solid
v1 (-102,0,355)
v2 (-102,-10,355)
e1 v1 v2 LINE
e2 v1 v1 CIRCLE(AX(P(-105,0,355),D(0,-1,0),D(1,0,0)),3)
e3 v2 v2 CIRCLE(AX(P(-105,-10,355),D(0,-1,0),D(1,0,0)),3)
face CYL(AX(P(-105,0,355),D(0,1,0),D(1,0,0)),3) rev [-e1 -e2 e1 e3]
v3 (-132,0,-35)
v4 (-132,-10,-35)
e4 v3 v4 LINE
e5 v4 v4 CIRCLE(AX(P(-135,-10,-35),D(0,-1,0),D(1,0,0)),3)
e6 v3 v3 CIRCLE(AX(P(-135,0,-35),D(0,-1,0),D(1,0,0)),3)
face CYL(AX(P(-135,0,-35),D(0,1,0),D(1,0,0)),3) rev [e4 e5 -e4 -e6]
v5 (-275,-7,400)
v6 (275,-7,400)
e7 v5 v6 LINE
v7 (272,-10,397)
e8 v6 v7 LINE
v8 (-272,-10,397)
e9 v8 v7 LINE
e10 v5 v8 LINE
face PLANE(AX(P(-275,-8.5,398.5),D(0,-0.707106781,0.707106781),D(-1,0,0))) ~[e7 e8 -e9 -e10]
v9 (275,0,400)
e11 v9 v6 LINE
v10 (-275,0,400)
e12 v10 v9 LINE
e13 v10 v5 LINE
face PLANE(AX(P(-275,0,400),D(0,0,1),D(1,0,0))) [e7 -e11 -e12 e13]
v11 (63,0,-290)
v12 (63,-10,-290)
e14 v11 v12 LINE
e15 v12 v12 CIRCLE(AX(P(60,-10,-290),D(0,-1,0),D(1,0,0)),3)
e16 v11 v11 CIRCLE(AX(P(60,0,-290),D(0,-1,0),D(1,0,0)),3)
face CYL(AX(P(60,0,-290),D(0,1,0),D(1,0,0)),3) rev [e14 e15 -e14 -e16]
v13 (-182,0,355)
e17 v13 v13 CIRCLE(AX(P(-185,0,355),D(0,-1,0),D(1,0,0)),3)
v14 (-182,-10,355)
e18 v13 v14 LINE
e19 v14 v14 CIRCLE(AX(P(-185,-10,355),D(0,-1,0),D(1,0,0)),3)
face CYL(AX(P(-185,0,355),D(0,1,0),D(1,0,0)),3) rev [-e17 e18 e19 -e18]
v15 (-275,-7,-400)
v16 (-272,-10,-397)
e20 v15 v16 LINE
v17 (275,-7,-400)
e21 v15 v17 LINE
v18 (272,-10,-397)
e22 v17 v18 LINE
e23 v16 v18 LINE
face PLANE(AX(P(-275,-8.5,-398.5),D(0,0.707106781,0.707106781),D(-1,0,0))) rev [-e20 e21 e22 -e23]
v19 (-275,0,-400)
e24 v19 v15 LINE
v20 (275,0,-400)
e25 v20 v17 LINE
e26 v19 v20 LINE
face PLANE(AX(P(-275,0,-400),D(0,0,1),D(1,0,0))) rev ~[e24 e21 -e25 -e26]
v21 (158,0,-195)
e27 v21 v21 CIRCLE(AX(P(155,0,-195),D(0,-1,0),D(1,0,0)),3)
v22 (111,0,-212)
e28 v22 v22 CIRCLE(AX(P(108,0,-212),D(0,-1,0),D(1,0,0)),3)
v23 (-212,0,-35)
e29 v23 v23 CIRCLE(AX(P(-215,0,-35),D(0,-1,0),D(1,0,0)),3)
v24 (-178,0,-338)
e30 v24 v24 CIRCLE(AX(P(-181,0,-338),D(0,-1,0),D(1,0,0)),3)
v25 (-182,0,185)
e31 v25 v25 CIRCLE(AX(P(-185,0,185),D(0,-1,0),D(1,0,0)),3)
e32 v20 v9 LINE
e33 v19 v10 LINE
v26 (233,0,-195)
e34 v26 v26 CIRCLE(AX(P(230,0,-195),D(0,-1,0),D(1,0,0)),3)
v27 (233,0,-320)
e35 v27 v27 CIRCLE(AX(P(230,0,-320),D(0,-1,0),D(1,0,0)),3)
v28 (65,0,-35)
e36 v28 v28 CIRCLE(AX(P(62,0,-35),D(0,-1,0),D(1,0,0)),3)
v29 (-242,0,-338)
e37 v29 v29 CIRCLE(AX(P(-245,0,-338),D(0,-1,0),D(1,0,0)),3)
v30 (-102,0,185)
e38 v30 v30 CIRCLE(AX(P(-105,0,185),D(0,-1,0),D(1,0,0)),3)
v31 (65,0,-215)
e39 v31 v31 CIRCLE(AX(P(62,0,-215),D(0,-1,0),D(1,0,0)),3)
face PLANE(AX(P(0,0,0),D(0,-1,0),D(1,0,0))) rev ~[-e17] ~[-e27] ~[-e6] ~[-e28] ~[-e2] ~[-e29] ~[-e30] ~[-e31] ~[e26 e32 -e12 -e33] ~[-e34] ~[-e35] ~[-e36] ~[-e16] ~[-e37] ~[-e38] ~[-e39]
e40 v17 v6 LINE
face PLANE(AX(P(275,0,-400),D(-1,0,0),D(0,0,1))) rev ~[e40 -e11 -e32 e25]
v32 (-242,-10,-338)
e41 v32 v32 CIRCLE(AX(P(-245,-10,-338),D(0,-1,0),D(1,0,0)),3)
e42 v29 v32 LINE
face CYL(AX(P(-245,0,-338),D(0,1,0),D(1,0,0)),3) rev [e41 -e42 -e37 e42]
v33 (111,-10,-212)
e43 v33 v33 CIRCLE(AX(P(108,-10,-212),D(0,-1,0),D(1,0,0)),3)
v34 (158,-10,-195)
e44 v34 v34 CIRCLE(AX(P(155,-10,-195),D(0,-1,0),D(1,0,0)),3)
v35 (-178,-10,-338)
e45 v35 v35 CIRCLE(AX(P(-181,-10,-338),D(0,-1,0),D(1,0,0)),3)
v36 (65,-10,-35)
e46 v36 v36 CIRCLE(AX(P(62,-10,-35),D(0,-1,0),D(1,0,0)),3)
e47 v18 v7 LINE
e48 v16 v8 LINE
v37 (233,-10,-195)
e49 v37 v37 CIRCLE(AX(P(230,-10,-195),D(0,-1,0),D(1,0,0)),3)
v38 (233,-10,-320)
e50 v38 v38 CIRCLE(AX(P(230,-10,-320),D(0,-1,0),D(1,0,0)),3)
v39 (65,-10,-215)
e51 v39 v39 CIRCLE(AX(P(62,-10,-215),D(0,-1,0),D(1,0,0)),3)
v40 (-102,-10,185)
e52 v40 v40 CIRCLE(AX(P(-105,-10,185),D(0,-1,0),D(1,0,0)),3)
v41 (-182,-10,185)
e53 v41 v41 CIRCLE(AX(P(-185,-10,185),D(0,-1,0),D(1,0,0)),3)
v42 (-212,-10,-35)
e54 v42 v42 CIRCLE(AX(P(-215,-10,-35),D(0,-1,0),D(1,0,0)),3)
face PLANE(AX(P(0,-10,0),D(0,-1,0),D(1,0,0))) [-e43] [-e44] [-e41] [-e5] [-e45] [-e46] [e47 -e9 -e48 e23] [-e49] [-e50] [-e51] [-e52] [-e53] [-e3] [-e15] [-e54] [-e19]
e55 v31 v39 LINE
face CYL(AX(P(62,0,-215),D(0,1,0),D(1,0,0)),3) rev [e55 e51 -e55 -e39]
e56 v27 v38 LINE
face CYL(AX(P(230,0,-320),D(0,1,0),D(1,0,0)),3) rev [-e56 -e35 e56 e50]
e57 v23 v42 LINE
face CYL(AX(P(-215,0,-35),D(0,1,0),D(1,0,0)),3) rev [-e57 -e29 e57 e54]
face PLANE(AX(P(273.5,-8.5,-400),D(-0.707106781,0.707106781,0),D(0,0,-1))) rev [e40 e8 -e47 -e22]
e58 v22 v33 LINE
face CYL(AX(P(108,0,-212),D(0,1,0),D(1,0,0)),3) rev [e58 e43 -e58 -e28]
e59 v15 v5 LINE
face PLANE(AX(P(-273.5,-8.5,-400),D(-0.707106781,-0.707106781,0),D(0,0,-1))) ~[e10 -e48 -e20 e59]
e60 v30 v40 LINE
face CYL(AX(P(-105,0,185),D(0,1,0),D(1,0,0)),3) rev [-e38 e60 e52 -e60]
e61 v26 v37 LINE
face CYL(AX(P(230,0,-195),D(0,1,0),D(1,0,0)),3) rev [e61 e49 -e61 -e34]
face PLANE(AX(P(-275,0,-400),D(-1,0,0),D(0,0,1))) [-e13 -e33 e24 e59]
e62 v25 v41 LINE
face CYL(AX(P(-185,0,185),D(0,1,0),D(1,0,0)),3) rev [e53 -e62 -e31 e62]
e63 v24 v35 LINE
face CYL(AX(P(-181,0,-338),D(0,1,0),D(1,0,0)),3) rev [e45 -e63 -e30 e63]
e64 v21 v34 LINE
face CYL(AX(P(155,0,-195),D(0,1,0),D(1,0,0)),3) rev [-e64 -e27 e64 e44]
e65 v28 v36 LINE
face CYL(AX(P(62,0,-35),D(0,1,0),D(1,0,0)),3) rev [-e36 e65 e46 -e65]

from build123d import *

# Parameters (mm, degrees)
F0_W     = 550
F0_H     = 800
F0_R     = 3
F1_DEPTH = 10
F2_SIZE  = 3


with BuildPart() as f1:
    # F0 (on Front) → F1 (new body)
    with BuildSketch(Plane.XZ):
        Rectangle(F0_W, F0_H)
        with Locations((-245, -338)):
            Circle(F0_R, mode=Mode.SUBTRACT)
        with Locations((-181, -338)):
            Circle(F0_R, mode=Mode.SUBTRACT)
        with Locations((-215, -35)):
            Circle(F0_R, mode=Mode.SUBTRACT)
        with Locations((-135, -35)):
            Circle(F0_R, mode=Mode.SUBTRACT)
        with Locations((60, -290)):
            Circle(F0_R, mode=Mode.SUBTRACT)
        with Locations((62, -215)):
            Circle(F0_R, mode=Mode.SUBTRACT)
        with Locations((108, -212)):
            Circle(F0_R, mode=Mode.SUBTRACT)
        with Locations((230, -320)):
            Circle(F0_R, mode=Mode.SUBTRACT)
        with Locations((62, -35)):
            Circle(F0_R, mode=Mode.SUBTRACT)
        with Locations((155, -195)):
            Circle(F0_R, mode=Mode.SUBTRACT)
        with Locations((230, -195)):
            Circle(F0_R, mode=Mode.SUBTRACT)
        with Locations((-185, 185)):
            Circle(F0_R, mode=Mode.SUBTRACT)
        with Locations((-105, 185)):
            Circle(F0_R, mode=Mode.SUBTRACT)
        with Locations((-185, 355)):
            Circle(F0_R, mode=Mode.SUBTRACT)
        with Locations((-105, 355)):
            Circle(F0_R, mode=Mode.SUBTRACT)
    extrude(amount=F1_DEPTH)

    # F2
    f2_edges = [f1.edges().sort_by_distance(p)[0] for p in [
        (-275, -10, 0),
        (0, -10, 400),
        (275, -10, 0),
        (0, -10, -400),
    ]]
    chamfer(f2_edges, length=F2_SIZE)


solid = f1.part
